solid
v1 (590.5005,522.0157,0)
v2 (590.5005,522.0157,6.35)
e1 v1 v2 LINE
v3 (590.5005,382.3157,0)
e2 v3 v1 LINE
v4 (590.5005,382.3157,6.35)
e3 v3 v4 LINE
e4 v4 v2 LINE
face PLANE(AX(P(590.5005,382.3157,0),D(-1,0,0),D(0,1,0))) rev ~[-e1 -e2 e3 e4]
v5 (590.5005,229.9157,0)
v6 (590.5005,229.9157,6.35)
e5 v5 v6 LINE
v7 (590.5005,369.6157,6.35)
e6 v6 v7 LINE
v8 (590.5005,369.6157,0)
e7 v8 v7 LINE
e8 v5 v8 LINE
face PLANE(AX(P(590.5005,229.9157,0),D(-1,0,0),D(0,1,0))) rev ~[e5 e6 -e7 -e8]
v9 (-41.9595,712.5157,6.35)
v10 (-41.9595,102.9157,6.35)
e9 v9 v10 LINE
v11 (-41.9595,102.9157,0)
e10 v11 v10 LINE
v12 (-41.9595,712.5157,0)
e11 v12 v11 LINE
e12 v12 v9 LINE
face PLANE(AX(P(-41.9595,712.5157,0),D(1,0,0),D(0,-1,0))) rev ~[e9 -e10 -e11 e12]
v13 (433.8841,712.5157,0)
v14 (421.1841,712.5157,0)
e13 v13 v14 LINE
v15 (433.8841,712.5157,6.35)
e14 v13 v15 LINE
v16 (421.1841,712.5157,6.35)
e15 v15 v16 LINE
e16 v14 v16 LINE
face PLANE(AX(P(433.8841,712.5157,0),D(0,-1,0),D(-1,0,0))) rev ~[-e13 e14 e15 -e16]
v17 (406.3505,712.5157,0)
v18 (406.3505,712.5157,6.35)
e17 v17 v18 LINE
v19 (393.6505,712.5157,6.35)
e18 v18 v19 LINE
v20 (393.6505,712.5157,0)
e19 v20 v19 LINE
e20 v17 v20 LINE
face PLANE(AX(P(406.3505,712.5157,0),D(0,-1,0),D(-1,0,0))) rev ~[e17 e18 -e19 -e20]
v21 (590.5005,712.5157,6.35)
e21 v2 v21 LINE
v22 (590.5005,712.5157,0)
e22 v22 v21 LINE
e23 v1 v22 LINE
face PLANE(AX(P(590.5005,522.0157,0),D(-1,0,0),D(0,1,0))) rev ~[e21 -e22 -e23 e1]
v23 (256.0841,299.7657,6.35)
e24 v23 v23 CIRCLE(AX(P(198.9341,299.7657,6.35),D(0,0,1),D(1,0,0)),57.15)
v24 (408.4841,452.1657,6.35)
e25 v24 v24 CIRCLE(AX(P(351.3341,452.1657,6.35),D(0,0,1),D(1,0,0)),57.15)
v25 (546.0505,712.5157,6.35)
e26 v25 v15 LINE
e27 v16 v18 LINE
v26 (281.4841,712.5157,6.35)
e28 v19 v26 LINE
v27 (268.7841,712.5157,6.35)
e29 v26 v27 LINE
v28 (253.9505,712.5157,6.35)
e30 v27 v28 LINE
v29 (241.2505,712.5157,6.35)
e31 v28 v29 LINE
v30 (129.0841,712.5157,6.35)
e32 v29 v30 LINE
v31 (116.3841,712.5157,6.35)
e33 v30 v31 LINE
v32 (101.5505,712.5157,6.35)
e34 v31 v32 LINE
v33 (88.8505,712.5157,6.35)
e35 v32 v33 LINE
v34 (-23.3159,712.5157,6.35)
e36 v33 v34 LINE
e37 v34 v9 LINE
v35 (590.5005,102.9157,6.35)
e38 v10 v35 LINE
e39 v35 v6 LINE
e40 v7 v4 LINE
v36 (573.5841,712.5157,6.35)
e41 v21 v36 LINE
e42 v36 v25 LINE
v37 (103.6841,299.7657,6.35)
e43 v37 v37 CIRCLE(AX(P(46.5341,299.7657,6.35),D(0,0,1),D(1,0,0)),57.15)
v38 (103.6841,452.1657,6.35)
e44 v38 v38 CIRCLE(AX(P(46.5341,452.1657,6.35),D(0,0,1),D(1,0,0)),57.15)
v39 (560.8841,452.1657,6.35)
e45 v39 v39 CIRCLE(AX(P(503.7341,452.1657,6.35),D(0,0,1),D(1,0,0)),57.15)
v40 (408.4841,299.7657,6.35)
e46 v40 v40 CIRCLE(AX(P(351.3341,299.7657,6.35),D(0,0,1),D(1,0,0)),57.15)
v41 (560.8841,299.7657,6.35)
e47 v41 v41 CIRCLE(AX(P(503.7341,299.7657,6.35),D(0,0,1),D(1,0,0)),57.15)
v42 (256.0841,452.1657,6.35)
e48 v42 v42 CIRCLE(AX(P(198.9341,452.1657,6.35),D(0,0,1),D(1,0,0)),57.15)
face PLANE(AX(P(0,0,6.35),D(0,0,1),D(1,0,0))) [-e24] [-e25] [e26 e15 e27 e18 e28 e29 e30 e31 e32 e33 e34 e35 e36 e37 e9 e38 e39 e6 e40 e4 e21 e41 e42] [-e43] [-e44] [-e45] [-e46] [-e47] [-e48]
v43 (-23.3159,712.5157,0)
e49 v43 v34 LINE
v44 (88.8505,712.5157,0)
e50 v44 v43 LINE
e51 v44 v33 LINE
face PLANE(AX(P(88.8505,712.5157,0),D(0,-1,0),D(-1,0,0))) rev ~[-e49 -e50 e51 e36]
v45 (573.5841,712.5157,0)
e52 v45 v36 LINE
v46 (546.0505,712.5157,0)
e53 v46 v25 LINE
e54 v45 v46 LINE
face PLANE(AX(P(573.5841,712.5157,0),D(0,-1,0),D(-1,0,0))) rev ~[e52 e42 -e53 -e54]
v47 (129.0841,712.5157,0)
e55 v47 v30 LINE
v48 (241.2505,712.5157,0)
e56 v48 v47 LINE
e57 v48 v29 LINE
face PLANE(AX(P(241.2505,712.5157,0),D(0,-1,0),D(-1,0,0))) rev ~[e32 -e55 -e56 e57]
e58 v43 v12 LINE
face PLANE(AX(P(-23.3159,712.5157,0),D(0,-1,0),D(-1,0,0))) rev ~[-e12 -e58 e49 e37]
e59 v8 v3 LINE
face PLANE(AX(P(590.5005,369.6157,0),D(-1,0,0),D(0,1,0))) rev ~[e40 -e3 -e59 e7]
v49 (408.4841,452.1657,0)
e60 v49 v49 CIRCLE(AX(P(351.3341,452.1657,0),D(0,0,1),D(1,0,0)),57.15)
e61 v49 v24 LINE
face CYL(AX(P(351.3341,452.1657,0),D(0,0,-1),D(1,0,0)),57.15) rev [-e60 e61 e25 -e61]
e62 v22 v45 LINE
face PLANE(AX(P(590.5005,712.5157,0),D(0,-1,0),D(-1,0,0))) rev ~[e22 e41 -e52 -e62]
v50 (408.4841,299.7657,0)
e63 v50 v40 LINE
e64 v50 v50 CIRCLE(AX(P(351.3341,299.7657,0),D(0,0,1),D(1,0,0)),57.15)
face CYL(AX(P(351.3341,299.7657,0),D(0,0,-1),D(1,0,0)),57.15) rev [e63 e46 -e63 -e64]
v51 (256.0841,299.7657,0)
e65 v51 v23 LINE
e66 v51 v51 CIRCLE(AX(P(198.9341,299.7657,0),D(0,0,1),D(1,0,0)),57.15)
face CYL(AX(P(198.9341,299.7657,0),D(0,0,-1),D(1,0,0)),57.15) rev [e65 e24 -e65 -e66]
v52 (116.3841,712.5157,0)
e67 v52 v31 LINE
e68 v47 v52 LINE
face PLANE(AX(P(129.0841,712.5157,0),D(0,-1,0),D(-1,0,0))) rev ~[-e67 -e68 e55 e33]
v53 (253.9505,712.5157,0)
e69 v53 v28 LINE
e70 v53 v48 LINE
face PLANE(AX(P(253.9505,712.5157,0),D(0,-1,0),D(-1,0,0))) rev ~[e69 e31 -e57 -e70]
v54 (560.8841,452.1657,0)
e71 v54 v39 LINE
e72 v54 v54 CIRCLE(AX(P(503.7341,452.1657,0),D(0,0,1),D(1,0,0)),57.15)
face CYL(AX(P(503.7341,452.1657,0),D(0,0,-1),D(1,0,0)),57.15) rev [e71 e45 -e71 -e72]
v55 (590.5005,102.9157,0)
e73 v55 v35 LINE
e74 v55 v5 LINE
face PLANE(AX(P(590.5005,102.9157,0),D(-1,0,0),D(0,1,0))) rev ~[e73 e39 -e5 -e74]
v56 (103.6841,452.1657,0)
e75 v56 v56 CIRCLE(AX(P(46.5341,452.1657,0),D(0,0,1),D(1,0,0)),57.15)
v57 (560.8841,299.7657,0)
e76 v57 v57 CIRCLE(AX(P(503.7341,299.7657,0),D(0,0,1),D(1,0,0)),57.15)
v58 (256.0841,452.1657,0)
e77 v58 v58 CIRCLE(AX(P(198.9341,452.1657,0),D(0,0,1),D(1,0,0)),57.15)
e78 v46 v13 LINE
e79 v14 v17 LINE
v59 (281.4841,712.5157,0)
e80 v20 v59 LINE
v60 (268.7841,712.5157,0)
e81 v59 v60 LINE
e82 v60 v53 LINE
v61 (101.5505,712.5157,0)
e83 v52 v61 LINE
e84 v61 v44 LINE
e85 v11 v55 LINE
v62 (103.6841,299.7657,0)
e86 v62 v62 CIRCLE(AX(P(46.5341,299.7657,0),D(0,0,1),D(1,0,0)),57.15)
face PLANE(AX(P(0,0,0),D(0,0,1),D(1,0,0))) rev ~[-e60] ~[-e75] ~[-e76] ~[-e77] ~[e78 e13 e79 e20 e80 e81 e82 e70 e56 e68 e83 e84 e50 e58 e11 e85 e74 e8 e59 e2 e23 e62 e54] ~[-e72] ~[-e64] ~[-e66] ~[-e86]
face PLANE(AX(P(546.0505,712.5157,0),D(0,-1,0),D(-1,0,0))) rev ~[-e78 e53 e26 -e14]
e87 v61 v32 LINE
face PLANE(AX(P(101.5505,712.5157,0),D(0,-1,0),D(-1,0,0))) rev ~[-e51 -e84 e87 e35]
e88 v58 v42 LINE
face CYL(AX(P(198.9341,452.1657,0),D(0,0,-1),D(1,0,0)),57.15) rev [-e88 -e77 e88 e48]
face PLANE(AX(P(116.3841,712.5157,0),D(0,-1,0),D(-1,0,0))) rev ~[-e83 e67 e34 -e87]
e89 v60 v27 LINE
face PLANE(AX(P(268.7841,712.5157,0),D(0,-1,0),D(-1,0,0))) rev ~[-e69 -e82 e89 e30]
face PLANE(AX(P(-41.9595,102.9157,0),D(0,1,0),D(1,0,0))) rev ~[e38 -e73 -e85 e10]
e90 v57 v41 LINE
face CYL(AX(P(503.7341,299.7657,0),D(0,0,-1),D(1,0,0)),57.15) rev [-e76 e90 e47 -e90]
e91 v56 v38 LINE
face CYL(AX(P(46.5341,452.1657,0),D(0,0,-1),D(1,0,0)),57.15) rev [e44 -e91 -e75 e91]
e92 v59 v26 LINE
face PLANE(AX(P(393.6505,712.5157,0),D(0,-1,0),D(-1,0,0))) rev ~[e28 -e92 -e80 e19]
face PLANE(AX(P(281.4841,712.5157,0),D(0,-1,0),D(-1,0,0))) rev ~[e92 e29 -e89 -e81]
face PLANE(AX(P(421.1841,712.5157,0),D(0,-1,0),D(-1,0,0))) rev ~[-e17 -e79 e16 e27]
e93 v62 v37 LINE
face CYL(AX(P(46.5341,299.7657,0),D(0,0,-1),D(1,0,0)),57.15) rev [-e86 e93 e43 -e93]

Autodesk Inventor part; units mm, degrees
ref_plane "YZ Plane" through (0, 0, 0) normal (1, 0, 0) x (0, 1, 0)
ref_plane "XZ Plane" through (0, 0, 0) normal (0, 1, 0) x (-1, 0, 0)
ref_plane "XY Plane" through (0, 0, 0) normal (0, 0, 1) x (1, 0, 0)
sketch "Sketch1" plane through (0, 0, 0) normal (0, 0, 1) x (1, 0, 0)
  line L0 (-41.9595, 102.9157) -> (590.5005, 102.9157)
  line L1 (590.5005, 102.9157) -> (590.5005, 712.5157)
  line L2 (590.5005, 712.5157) -> (-41.9595, 712.5157)
  line L3 (-41.9595, 712.5157) -> (-41.9595, 102.9157)
  line L4 (-41.9595, 712.5157) -> (-23.3159, 712.5157)
  line L5 (590.5005, 712.5157) -> (546.0505, 712.5157)
  line L6 (546.0505, 712.5157) -> (406.3505, 712.5157)
  line L7 (406.3505, 712.5157) -> (393.6505, 712.5157)
  line L8 (393.6505, 712.5157) -> (253.9505, 712.5157)
  line L9 (253.9505, 712.5157) -> (241.2505, 712.5157)
  line L10 (241.2505, 712.5157) -> (101.5505, 712.5157)
  line L11 (101.5505, 712.5157) -> (88.8505, 712.5157)
  line L12 (88.8505, 712.5157) -> (-23.3159, 712.5157)
  line L13 (590.5005, 102.9157) -> (590.5005, 229.9157)
  line L14 (590.5005, 229.9157) -> (590.5005, 369.6157)
  line L15 (590.5005, 369.6157) -> (590.5005, 382.3157)
  line L16 (590.5005, 382.3157) -> (590.5005, 522.0157)
  circle A0 centre (46.5341, 452.1657) radius 57.15
  circle A1 centre (198.9341, 452.1657) radius 57.15
  circle A2 centre (351.3341, 452.1657) radius 57.15
  circle A3 centre (503.7341, 452.1657) radius 57.15
  circle A4 centre (46.5341, 299.7657) radius 57.15
  circle A5 centre (198.9341, 299.7657) radius 57.15
  circle A6 centre (351.3341, 299.7657) radius 57.15
  circle A7 centre (503.7341, 299.7657) radius 57.15
  line L17 (-23.3159, 712.5157) -> (116.3841, 712.5157)
  line L18 (116.3841, 712.5157) -> (129.0841, 712.5157)
  line L19 (129.0841, 712.5157) -> (268.7841, 712.5157)
  line L20 (268.7841, 712.5157) -> (281.4841, 712.5157)
  line L21 (281.4841, 712.5157) -> (421.1841, 712.5157)
  line L22 (421.1841, 712.5157) -> (433.8841, 712.5157)
  line L23 (433.8841, 712.5157) -> (573.5841, 712.5157)
  dimension "d0" = 632.46
  dimension "d1" = 609.6
  dimension "d2" = 18.6436
  dimension "d24" = 127
  dimension "d25" = 139.7
  dimension "d26" = 12.7
  dimension "d27" = 139.7
  dimension "d28" = 114.3
  dimension "d29" = 114.3
  dimension "d30" = 114.3
  dimension "d31" = 114.3
  dimension "d32" = 114.3
  dimension "d33" = 114.3
  dimension "d34" = 114.3
  dimension "d35" = 114.3
  dimension "d38" = 139.7
  dimension "d39" = 12.7
  dimension "d40" = 139.7
  dimension "d41" = 12.7
  dimension "d42" = 139.7
  dimension "d43" = 12.7
  dimension "d44" = 139.7
extrude "Extrusion2" add sketch "Sketch1" along normal blind 6.35
equation "\"BendRadius\" = Thickness"
equation "\"BendReliefWidth\" = Thickness"
equation "\"BendReliefDepth\" = 0.5 * Thickness"
equation "\"CornerReliefSize\" = 4 * Thickness"
equation "\"MinimumRemnant\" = 2 * Thickness"
equation "\"TransitionRadius\" = BendRadius"
equation "\"JacobiRadiusSize\" = BendRadius"
equation "\"GapSize\" = Thickness"
equation "\"Thickness\" = 3.048"
properties part number "vessel support top"
